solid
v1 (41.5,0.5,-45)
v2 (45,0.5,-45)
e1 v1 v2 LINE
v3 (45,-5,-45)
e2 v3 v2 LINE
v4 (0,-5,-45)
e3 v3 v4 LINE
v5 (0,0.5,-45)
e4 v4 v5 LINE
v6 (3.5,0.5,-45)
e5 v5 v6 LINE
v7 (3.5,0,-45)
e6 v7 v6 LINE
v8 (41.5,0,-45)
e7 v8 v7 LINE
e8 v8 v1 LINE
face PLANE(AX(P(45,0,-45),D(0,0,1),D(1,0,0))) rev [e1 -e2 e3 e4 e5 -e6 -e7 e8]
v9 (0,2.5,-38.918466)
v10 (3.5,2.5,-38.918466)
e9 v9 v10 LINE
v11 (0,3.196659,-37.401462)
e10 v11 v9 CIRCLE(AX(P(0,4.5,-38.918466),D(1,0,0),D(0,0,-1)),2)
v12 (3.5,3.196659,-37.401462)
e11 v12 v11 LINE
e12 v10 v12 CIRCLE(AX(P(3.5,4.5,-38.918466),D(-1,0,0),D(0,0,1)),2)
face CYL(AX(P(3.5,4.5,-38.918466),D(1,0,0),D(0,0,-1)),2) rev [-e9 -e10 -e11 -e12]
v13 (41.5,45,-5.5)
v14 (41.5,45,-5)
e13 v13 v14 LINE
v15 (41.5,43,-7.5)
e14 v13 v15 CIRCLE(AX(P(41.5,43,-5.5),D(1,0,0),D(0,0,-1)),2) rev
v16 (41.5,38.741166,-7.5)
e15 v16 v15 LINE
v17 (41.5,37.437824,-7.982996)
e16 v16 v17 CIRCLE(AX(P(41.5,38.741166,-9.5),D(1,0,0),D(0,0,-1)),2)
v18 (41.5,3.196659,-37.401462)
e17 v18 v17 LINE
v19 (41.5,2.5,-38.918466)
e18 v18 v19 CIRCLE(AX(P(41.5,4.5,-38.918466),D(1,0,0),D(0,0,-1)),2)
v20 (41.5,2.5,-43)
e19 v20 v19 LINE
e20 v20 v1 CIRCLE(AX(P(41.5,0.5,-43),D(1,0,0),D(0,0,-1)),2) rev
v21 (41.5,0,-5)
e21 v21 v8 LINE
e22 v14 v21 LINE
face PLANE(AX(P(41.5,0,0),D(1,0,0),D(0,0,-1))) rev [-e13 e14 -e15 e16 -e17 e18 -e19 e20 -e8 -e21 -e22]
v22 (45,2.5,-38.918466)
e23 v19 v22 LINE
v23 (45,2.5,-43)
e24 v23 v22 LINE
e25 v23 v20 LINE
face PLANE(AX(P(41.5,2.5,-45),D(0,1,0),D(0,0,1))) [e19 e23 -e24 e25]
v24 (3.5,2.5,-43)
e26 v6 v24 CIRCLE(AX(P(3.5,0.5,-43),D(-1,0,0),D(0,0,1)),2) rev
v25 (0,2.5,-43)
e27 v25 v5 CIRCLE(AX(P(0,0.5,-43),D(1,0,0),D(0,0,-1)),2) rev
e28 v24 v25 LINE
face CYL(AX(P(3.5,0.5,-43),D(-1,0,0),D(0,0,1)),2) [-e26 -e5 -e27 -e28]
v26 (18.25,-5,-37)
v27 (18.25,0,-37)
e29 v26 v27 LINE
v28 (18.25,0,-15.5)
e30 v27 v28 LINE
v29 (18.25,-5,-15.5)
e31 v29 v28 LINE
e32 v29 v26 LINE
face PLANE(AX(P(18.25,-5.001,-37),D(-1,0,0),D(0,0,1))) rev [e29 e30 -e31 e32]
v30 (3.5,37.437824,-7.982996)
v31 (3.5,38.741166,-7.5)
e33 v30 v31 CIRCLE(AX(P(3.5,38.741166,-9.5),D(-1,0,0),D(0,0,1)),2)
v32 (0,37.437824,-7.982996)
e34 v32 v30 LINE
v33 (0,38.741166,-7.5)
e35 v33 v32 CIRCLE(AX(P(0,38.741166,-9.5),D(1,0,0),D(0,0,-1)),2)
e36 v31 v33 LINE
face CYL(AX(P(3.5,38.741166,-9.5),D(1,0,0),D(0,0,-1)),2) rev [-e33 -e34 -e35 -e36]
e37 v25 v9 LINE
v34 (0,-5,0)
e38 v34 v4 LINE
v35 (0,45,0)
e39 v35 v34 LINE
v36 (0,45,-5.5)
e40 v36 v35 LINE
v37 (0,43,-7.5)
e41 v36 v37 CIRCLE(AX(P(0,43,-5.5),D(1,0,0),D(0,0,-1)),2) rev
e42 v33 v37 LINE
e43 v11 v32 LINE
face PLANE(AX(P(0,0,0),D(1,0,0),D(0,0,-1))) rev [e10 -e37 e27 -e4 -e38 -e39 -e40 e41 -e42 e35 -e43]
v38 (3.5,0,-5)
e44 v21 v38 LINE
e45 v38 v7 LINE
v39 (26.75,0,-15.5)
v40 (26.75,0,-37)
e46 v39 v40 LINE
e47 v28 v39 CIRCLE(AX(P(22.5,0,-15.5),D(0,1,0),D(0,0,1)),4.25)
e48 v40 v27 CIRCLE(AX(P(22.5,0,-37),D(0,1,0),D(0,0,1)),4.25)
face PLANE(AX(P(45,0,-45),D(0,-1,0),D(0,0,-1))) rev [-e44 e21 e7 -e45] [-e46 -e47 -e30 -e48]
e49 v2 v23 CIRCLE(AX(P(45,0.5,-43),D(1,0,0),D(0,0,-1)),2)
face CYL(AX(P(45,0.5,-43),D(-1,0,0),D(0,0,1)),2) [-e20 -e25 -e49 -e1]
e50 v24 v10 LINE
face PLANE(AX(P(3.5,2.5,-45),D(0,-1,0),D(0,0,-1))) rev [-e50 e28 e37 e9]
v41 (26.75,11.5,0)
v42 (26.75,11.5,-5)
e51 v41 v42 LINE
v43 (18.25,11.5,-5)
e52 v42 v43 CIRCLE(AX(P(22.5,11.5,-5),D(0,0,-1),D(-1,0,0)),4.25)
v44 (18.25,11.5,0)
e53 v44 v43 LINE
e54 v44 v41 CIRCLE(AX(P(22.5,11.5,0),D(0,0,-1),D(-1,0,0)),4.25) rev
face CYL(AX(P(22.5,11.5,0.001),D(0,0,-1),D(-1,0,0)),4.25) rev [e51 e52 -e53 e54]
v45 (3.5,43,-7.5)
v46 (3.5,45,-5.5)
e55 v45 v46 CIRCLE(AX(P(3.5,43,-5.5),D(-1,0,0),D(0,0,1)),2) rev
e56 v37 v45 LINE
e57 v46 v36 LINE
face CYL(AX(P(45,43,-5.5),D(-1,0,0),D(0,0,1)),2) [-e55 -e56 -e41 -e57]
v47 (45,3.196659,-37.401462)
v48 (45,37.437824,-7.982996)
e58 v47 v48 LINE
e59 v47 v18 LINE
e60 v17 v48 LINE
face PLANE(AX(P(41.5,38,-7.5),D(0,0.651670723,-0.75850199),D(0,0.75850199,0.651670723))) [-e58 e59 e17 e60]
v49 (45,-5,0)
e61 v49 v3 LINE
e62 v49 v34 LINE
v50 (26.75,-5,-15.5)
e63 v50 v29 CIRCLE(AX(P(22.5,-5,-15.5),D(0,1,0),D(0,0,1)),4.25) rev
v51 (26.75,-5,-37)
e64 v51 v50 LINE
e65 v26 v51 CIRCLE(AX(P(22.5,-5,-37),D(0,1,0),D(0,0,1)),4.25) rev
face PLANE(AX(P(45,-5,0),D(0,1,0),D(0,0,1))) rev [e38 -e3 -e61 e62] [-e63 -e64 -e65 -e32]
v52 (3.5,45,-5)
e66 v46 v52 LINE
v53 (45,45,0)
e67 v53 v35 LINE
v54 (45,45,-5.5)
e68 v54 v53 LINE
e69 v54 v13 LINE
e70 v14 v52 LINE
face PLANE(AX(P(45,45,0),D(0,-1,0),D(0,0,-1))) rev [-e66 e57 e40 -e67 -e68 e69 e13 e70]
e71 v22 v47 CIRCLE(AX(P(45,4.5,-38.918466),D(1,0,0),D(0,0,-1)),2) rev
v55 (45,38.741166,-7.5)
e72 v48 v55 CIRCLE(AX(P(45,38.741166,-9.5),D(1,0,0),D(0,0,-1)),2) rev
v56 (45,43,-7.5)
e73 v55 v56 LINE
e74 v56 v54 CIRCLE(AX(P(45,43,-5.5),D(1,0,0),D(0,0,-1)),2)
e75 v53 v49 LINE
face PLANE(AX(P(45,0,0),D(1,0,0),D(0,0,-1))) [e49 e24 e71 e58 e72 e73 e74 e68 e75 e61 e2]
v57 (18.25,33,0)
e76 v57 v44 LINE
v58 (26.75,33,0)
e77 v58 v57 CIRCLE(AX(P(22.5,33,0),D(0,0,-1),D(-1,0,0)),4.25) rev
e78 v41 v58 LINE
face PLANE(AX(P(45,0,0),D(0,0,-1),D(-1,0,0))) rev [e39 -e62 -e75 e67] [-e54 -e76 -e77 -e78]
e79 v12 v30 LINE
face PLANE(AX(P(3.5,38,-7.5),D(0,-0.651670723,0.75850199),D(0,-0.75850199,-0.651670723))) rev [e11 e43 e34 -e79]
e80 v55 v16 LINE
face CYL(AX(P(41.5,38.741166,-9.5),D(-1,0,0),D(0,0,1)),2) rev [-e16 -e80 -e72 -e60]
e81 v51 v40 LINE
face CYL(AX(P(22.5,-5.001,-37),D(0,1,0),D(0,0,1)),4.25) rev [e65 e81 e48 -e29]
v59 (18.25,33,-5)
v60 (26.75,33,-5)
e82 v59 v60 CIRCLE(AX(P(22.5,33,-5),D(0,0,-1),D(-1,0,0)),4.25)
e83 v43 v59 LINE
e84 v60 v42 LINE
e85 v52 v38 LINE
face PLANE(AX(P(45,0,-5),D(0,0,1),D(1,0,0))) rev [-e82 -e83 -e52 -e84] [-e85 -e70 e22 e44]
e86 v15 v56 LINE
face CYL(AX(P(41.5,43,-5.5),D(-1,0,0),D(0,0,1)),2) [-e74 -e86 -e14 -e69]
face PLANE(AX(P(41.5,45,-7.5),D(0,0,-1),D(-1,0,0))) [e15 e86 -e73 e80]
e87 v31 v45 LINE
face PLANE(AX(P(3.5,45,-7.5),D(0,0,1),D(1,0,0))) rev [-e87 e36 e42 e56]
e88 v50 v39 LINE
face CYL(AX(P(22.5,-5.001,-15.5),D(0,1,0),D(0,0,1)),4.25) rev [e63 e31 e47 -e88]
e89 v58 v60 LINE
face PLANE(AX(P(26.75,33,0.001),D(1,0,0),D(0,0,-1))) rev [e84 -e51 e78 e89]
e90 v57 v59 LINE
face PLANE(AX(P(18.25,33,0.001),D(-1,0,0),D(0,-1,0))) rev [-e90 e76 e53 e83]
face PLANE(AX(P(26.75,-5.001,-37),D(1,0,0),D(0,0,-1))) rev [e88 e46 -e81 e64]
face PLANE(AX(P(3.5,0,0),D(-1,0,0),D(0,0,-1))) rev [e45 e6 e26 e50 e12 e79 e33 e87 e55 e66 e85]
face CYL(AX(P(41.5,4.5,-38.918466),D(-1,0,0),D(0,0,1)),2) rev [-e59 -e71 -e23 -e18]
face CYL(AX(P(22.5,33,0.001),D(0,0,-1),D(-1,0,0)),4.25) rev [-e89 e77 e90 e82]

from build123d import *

# Parameters (mm, degrees)
EXTRUDE_1_DEPTH     = 45
EXTRUDE_2_DEPTH     = 3.5
CUT_EXTRUDE_1_REACH = 77.166
CUT_EXTRUDE_2_REACH = 79.942
FILLET_1_R          = 2


with BuildPart() as part:
    # 草图1 → 凸台-拉伸1 (new body)
    with BuildSketch(Plane(origin=(0, 0, 0), x_dir=(0, 0, -1), z_dir=(1, 0, 0))):
        Polygon((0, 0), (0, 45), (5, 45), (5, 0), (45, 0), (45, -5), (0, -5), align=None)
    extrude(amount=EXTRUDE_1_DEPTH)

    # 草图2 → 凸台-拉伸2 (add)
    with BuildSketch(Plane(origin=(45, 0, 0), x_dir=(0, 0, -1), z_dir=(1, 0, 0))):
        Polygon((45, 0), (45, 2.5), (38, 2.5), (7.5, 38), (7.5, 45), (5, 45), (5, 0), align=None)
    extrude_2 = extrude(amount=-EXTRUDE_2_DEPTH)

    # 镜向1: 凸台-拉伸2 across plane
    add(extrude_2.mirror(Plane(origin=(22.5, 0, 0), x_dir=(0, 0, 1), z_dir=(1, 0, 0))))

    # 草图4 → 切除-拉伸1 (cut, up to next)
    with BuildSketch(Plane(origin=(0, 0, -5), x_dir=(-1, 0, 0), z_dir=(0, 0, -1)), mode=Mode.PRIVATE) as cut_extrude_1_sk1:
        with BuildLine():
            Line((-18.25, 33), (-18.25, 11.5))
            ThreePointArc((-18.25, 11.5), (-22.5, 7.25), (-26.75, 11.5))
            Line((-26.75, 11.5), (-26.75, 33))
            ThreePointArc((-26.75, 33), (-22.5, 37.25), (-18.25, 33))
        make_face()
    cut_extrude_1_tool1 = extrude(cut_extrude_1_sk1.sketch, amount=-CUT_EXTRUDE_1_REACH, mode=Mode.PRIVATE) & part.part
    add(cut_extrude_1_tool1.solids().sort_by_distance((22.5, 22.25, -5))[0], mode=Mode.SUBTRACT)

    # 草图5 → 切除-拉伸2 (cut, up to next)
    with BuildSketch(Plane(origin=(0, 0, 0), x_dir=(1, 0, 0), z_dir=(0, 1, 0)), mode=Mode.PRIVATE) as cut_extrude_2_sk1:
        with BuildLine():
            Line((26.75, 37), (26.75, 15.5))
            ThreePointArc((26.75, 15.5), (22.5, 11.25), (18.25, 15.5))
            Line((18.25, 15.5), (18.25, 37))
            ThreePointArc((18.25, 37), (22.5, 41.25), (26.75, 37))
        make_face()
    cut_extrude_2_tool1 = extrude(cut_extrude_2_sk1.sketch, amount=-CUT_EXTRUDE_2_REACH, mode=Mode.PRIVATE) & part.part
    add(cut_extrude_2_tool1.solids().sort_by_distance((22.5, 0, -26.25))[0], mode=Mode.SUBTRACT)

    # 圆角1
    fillet_1_edges = [part.edges().sort_by_distance(p)[0] for p in [
        (43.25, 45, -7.5),
        (43.25, 38, -7.5),
        (43.25, 2.5, -38),
        (43.25, 2.5, -45),
        (1.75, 2.5, -45),
        (1.75, 2.5, -38),
        (1.75, 38, -7.5),
        (1.75, 45, -7.5),
    ]]
    fillet(fillet_1_edges, radius=FILLET_1_R)


solid = part.part
